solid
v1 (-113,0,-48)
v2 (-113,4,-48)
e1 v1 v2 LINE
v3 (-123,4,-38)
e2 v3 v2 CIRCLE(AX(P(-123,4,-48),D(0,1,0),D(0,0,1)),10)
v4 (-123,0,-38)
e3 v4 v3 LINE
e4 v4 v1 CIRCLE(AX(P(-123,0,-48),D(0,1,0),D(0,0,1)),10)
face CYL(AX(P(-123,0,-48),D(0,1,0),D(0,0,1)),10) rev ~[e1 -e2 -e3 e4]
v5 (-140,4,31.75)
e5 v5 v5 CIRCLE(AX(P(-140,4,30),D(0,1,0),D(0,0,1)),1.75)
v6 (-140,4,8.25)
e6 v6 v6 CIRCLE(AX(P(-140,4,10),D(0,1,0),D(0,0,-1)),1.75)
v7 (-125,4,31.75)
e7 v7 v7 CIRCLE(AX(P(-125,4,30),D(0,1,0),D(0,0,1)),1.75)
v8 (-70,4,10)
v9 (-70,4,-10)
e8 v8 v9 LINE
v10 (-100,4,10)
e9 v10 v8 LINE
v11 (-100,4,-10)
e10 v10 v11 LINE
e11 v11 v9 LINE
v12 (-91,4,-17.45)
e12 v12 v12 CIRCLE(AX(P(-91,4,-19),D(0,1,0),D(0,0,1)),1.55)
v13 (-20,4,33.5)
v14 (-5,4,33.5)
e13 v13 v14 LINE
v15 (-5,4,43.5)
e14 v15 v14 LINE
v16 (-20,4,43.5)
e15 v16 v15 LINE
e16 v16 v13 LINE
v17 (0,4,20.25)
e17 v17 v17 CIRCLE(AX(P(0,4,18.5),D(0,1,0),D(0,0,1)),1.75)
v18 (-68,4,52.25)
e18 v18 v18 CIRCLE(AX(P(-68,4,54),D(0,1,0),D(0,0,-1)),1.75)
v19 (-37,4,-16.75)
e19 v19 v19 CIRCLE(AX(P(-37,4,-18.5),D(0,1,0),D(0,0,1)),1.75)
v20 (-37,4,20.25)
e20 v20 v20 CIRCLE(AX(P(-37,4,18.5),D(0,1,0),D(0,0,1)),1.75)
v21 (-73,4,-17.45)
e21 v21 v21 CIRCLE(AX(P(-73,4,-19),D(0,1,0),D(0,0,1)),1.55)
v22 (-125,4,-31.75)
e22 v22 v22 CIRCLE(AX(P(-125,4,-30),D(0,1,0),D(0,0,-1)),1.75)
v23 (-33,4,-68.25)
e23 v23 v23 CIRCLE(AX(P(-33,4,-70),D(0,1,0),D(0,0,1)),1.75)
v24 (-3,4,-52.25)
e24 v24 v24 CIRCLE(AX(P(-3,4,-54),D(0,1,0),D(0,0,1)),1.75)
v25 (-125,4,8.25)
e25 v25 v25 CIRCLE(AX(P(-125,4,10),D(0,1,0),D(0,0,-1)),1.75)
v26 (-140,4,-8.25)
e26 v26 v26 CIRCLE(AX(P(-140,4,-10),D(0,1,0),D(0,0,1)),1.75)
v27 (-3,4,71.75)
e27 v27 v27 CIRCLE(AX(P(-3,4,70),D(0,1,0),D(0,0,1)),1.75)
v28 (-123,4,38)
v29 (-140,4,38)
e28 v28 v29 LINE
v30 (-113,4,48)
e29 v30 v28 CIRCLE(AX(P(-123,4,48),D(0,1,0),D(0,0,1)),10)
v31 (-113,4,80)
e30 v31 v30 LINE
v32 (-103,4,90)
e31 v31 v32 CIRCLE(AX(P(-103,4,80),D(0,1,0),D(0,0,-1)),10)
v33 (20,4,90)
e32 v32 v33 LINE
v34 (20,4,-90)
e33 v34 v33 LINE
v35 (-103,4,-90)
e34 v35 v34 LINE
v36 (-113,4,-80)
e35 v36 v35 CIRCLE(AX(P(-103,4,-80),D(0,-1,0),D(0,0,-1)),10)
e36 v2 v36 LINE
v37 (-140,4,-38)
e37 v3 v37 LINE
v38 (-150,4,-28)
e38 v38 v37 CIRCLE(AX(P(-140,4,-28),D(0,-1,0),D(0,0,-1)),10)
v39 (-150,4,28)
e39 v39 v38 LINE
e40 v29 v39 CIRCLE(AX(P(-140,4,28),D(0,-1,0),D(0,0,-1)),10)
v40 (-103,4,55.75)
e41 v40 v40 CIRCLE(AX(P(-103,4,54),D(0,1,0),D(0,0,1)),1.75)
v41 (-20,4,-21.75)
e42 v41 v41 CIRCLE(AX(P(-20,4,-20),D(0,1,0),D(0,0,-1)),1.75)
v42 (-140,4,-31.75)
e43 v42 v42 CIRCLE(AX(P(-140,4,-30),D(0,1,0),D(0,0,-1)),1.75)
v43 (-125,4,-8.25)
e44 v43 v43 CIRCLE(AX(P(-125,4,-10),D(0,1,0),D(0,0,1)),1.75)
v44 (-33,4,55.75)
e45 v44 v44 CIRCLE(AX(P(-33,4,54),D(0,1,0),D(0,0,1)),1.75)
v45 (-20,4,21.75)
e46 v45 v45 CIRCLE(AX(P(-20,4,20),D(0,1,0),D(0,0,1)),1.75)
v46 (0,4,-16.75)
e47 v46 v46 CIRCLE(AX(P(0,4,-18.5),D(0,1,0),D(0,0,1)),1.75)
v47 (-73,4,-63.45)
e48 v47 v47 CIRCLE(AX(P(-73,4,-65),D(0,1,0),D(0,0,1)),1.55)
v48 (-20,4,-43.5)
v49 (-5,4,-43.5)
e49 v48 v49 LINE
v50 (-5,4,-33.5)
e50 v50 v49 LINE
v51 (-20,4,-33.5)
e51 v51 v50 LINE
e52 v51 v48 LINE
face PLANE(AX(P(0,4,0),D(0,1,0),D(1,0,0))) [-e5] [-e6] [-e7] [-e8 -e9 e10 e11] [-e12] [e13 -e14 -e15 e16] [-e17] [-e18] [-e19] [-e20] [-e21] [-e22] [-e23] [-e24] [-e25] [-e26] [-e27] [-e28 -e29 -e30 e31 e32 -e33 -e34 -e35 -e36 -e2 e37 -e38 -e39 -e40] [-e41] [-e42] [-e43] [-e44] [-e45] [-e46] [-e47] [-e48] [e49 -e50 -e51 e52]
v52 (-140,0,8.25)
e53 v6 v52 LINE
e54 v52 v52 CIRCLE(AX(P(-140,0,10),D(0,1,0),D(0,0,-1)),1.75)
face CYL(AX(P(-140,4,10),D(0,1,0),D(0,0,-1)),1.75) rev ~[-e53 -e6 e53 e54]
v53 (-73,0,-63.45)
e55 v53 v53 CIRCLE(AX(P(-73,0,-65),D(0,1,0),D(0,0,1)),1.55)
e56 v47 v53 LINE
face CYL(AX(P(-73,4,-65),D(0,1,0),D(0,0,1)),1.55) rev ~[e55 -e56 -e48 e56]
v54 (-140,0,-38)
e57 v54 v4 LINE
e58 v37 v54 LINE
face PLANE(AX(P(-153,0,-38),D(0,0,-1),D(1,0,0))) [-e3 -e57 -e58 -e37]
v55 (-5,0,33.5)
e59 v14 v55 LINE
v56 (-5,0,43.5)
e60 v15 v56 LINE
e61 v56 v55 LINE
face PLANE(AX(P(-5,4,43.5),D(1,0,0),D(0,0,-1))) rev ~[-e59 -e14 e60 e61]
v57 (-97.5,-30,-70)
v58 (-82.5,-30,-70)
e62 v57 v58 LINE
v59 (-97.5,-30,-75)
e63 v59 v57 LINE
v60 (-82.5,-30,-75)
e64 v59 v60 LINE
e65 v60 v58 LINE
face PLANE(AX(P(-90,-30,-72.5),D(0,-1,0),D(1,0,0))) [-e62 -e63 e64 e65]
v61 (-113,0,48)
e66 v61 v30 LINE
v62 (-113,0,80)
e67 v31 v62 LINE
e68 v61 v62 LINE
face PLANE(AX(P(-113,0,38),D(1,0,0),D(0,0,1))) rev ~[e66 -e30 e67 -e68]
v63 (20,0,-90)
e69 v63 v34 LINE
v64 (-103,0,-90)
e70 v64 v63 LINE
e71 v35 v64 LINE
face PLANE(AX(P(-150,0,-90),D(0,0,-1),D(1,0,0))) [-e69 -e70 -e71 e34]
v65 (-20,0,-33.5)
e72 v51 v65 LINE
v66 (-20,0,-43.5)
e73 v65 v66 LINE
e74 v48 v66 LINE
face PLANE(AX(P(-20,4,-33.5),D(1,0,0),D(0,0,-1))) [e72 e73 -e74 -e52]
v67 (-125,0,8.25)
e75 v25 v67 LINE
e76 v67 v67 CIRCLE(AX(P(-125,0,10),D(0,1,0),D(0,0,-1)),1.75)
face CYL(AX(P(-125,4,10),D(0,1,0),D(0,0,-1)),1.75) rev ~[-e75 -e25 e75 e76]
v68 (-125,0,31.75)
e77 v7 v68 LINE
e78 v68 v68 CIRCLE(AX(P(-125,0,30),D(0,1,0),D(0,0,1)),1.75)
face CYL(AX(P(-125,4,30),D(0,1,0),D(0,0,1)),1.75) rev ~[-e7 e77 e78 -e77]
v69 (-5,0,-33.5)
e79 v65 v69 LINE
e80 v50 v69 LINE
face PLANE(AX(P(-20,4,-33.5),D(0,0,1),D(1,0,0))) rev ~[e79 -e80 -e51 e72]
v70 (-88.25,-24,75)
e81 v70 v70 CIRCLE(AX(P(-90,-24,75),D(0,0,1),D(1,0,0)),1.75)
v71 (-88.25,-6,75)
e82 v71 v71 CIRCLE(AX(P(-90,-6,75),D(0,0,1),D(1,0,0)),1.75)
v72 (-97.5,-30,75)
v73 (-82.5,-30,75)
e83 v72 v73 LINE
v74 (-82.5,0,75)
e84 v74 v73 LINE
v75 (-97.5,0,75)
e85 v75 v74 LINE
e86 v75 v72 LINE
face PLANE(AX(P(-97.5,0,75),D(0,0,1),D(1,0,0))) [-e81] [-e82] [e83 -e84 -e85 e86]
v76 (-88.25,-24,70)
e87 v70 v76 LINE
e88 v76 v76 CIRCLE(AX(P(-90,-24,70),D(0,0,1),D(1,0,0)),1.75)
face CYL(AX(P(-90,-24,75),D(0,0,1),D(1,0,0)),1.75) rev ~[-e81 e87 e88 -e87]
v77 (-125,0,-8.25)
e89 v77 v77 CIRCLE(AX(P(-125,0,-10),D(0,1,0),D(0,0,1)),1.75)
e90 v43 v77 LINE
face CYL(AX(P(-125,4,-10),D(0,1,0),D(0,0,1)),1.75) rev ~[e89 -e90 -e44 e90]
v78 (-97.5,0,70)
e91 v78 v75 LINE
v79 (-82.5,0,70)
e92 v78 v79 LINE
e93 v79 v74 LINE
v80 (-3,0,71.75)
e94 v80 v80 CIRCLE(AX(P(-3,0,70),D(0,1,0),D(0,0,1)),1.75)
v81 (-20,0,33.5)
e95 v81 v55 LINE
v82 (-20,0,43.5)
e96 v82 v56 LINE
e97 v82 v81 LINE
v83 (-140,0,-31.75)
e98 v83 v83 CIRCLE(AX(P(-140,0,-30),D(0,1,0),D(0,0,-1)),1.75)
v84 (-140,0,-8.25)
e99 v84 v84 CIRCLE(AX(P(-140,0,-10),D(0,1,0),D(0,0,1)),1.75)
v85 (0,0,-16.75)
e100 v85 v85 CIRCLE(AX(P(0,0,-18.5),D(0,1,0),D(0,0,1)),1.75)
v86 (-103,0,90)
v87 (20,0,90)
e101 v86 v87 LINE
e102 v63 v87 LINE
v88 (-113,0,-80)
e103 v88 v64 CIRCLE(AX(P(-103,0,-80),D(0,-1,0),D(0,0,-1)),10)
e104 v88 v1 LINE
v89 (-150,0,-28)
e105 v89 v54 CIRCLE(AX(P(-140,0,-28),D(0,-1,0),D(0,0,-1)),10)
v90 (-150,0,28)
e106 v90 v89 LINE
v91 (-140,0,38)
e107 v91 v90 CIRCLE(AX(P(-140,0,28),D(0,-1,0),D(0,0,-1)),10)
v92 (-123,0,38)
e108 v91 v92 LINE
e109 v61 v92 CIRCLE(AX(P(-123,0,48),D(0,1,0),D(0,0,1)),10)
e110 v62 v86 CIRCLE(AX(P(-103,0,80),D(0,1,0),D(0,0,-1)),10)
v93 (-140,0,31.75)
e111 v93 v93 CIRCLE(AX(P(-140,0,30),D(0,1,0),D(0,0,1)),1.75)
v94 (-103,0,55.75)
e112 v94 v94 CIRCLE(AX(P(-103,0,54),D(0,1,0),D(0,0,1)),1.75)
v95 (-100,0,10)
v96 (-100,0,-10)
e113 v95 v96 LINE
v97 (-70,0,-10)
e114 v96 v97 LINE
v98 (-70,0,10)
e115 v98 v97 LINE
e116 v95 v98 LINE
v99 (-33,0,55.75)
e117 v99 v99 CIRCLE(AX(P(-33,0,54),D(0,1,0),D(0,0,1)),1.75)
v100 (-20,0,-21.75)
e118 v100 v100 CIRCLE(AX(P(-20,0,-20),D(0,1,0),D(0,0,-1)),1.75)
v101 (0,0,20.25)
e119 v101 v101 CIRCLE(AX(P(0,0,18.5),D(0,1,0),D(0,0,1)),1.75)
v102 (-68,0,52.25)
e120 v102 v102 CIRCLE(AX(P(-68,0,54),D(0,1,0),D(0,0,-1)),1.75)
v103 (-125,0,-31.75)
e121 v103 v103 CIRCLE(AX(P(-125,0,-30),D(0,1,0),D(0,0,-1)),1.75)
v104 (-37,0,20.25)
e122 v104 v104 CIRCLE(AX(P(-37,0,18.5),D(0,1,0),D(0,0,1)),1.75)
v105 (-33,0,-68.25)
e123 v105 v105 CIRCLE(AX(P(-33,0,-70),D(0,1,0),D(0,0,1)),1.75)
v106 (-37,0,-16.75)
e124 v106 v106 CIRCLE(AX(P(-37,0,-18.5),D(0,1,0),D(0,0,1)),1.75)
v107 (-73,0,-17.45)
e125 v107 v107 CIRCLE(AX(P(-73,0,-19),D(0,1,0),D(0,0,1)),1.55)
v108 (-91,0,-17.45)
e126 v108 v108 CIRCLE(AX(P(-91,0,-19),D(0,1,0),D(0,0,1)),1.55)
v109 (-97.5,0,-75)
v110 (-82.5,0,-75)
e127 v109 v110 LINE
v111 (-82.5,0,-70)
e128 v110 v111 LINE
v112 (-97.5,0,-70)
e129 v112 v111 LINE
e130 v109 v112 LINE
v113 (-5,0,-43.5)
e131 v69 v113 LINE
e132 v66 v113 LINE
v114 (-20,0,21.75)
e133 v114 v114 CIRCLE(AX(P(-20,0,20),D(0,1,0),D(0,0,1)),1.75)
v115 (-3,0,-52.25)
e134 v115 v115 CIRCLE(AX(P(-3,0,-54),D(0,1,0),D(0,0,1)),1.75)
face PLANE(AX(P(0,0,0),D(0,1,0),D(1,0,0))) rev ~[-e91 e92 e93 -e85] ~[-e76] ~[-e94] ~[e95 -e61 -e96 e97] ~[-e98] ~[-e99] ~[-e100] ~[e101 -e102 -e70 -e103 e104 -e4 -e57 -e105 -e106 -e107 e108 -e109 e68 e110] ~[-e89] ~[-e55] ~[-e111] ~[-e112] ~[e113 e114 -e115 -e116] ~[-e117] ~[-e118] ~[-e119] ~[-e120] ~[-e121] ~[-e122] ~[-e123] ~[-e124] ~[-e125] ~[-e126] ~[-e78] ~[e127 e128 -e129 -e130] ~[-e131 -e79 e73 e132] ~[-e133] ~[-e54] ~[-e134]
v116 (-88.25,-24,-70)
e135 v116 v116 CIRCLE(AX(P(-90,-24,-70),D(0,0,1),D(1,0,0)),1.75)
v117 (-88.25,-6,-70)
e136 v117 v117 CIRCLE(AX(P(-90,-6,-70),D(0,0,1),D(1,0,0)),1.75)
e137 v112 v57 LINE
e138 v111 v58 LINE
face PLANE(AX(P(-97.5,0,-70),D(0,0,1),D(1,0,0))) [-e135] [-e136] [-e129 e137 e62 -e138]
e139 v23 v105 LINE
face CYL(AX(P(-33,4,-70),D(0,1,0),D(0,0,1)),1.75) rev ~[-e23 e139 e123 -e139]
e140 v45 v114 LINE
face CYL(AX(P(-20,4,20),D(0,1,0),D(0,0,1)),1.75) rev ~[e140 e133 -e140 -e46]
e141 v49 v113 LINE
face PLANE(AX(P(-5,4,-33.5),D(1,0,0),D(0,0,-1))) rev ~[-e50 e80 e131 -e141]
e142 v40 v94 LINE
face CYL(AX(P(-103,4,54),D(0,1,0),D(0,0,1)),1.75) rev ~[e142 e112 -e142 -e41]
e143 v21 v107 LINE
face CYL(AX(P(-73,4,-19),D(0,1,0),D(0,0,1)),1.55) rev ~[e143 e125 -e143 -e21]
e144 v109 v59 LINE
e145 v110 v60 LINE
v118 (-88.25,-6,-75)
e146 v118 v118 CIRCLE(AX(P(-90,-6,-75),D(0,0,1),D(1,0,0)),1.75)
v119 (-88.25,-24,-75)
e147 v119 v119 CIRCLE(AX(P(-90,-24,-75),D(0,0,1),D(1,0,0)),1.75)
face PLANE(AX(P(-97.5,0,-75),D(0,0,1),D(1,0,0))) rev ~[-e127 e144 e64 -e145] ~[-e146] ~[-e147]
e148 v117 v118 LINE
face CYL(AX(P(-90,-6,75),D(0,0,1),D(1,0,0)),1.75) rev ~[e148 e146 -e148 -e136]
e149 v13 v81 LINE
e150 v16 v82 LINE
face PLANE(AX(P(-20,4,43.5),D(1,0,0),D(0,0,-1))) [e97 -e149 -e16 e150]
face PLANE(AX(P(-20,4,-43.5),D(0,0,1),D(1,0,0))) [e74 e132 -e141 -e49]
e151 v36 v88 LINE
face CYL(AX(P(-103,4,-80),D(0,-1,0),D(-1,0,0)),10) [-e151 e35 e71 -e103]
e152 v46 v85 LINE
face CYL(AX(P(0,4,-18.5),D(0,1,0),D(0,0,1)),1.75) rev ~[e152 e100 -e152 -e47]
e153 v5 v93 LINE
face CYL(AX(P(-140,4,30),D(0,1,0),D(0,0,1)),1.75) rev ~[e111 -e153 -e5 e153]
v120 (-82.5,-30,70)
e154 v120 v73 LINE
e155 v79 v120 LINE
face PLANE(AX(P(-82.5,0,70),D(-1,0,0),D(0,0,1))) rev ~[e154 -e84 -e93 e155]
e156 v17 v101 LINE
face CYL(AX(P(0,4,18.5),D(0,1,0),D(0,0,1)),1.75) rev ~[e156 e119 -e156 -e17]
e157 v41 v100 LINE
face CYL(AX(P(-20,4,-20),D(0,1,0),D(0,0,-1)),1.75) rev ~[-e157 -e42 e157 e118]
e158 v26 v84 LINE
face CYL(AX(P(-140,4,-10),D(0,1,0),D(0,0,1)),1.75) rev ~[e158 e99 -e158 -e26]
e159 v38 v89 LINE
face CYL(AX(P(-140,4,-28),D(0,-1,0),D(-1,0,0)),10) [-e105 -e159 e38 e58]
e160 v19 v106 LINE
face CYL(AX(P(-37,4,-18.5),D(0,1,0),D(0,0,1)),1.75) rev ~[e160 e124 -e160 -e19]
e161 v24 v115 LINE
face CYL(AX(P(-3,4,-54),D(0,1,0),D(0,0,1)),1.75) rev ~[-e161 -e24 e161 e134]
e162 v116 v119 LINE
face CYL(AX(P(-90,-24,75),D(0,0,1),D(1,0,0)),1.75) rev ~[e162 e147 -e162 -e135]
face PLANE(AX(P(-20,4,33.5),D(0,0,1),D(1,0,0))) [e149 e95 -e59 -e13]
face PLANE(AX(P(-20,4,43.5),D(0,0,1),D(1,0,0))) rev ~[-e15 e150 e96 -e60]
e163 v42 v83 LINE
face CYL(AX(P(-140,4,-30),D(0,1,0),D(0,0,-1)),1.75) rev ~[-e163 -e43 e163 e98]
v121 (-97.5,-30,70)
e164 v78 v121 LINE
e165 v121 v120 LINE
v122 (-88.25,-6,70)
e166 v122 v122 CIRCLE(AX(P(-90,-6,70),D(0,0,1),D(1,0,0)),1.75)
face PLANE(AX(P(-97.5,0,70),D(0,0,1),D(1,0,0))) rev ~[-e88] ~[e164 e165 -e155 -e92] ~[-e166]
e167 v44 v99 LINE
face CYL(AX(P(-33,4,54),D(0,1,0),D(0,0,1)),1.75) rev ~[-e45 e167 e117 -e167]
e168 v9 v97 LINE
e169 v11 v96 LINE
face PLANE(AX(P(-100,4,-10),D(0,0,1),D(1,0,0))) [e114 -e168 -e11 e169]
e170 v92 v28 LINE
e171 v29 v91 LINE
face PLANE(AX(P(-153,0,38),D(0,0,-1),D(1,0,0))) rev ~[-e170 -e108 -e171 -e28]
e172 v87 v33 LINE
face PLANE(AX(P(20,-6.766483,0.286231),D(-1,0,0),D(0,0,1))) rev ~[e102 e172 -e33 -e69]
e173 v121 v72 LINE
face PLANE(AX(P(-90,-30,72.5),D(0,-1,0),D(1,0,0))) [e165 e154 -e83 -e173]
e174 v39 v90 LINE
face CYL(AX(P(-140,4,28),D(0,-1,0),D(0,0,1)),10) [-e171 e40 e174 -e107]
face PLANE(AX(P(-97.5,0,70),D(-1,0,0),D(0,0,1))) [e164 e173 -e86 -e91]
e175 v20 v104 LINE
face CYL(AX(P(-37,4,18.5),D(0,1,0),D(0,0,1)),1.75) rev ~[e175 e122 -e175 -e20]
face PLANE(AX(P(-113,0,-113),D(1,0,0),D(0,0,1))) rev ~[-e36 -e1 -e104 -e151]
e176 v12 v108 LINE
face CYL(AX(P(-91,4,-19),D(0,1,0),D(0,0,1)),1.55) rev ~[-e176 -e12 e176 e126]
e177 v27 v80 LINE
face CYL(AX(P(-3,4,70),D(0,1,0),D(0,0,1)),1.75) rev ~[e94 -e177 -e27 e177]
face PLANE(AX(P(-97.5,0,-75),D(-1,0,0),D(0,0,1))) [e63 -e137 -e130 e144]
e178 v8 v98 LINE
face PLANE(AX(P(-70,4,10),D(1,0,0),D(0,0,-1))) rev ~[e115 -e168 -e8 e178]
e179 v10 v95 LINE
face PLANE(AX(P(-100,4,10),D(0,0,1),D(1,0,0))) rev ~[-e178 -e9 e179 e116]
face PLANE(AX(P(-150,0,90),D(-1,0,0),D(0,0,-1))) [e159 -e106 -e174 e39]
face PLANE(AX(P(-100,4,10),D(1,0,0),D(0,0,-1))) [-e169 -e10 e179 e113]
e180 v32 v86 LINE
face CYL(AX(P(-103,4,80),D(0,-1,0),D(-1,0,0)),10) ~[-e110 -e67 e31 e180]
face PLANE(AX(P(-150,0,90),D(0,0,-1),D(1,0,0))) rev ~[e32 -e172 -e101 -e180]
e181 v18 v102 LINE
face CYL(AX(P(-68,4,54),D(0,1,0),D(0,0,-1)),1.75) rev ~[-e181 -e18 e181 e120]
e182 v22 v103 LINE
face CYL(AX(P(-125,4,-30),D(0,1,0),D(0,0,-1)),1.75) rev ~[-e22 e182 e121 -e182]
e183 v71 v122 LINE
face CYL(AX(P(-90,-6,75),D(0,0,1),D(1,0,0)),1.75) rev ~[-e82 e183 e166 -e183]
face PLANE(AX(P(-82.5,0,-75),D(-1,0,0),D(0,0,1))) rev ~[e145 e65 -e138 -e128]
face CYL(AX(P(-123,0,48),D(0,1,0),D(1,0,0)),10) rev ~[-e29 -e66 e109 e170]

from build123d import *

# Parameters (mm, degrees)
SKETCH1_W               = 300
SKETCH1_H               = 180
MAIN_BODY_DEPTH         = 4
FILLET1_R               = 10
CHAMFER1_SIZE           = 10
SKETCH2_R               = 1.75
BATTERIES_HOLES_DEPTH   = 15
SKETCH5_R               = 1.75
SKETCH5_W               = 15
SKETCH5_H               = 10
L298N_HOLES_DEPTH       = 15
SKETCH6_R               = 1.75
LM2596_HOLES_DEPTH      = 15
SKETCH7_R               = 1.55
ESP32_HOLES_DEPTH       = 15
SKETCH8_R               = 1.75
PCB_SENSORS_HOLES_DEPTH = 15
SKETCH9_W               = 15
SKETCH9_H               = 5
WHEELS_LEGS_DEPTH       = 30
SKETCH10_R              = 1.75
MOTOR_HOLES_DEPTH       = 300
SKETCH11_R              = 1.75
SKETCH11_W              = 30
SKETCH11_H              = 20
SENSORS_HOLES_DEPTH     = 15
SKETCH13_W              = 40
SKETCH13_H              = 75
CUT_EXTRUDE2_DEPTH      = 10
FILLET2_R               = 10
SKETCH12_R              = 1.75
CUT_EXTRUDE3_DEPTH      = 10
SKETCH14_W              = 219.25277831
SKETCH14_H              = 99.771872263
CUT_EXTRUDE4_DEPTH      = 200


with BuildPart() as part:
    # Sketch1 → Main Body (new body)
    with BuildSketch(Plane(origin=(0, 0, 0), x_dir=(1, 0, 0), z_dir=(0, 1, 0))):
        Rectangle(SKETCH1_W, SKETCH1_H)
    extrude(amount=MAIN_BODY_DEPTH)

    # Fillet1
    fillet1_edges = [part.edges().sort_by_distance(p)[0] for p in [
        (-150, 2, 90),
        (-150, 2, -90),
    ]]
    fillet(fillet1_edges, radius=FILLET1_R)

    # Chamfer1
    chamfer1_edges = [part.edges().sort_by_distance(p)[0] for p in [
        (150, 2, 90),
        (150, 2, -90),
    ]]
    chamfer(chamfer1_edges, length=CHAMFER1_SIZE)

    # Sketch2 → Batteries holes (cut)
    with BuildSketch(Plane(origin=(0, 4, 0), x_dir=(1, 0, 0), z_dir=(0, 1, 0))):
        with Locations((115, 75)):
            Circle(SKETCH2_R)
        with Locations((115, 14)):
            Circle(SKETCH2_R)
        with Locations((115, -14)):
            Circle(SKETCH2_R)
        with Locations((115, -75)):
            Circle(SKETCH2_R)
        with Locations((45, -75)):
            Circle(SKETCH2_R)
        with Locations((45, -14)):
            Circle(SKETCH2_R)
        with Locations((45, 14)):
            Circle(SKETCH2_R)
        with Locations((45, 75)):
            Circle(SKETCH2_R)
    extrude(amount=-BATTERIES_HOLES_DEPTH, mode=Mode.SUBTRACT)

    # Sketch5 → L298N holes (cut)
    with BuildSketch(Plane(origin=(0, 4, 0), x_dir=(1, 0, 0), z_dir=(0, 1, 0))):
        with Locations((-37, 18.5)):
            Circle(SKETCH5_R)
        with Locations((0, 18.5)):
            Circle(SKETCH5_R)
        with Locations((-37, -18.5)):
            Circle(SKETCH5_R)
        with Locations((0, -18.5)):
            Circle(SKETCH5_R)
        with Locations((-12.5, -38.5)):
            Rectangle(SKETCH5_W, SKETCH5_H)
        with Locations((-12.5, 38.5)):
            Rectangle(SKETCH5_W, SKETCH5_H)
    extrude(amount=-L298N_HOLES_DEPTH, mode=Mode.SUBTRACT)

    # Sketch6 → LM2596 holes (cut)
    with BuildSketch(Plane(origin=(0, 4, 0), x_dir=(1, 0, 0), z_dir=(0, 1, 0))):
        with Locations((-33, 70)):
            Circle(SKETCH6_R)
        with Locations((-3, 54)):
            Circle(SKETCH6_R)
        with Locations((-33, -54)):
            Circle(SKETCH6_R)
        with Locations((-3, -70)):
            Circle(SKETCH6_R)
    extrude(amount=-LM2596_HOLES_DEPTH, mode=Mode.SUBTRACT)

    # Sketch7 → ESP32 holes (cut)
    with BuildSketch(Plane(origin=(0, 4, 0), x_dir=(1, 0, 0), z_dir=(0, 1, 0))):
        with Locations((-73, 65)):
            Circle(SKETCH7_R)
        with Locations((-73, 19)):
            Circle(SKETCH7_R)
        with Locations((-91, 19)):
            Circle(SKETCH7_R)
    extrude(amount=-ESP32_HOLES_DEPTH, mode=Mode.SUBTRACT)

    # Sketch8 → PCB sensors holes (cut)
    with BuildSketch(Plane(origin=(0, 4, 0), x_dir=(1, 0, 0), z_dir=(0, 1, 0))):
        with Locations((-103, -54)):
            Circle(SKETCH8_R)
        with Locations((-68, -54)):
            Circle(SKETCH8_R)
    extrude(amount=-PCB_SENSORS_HOLES_DEPTH, mode=Mode.SUBTRACT)

    # Sketch9 → Wheels legs (add)
    with BuildSketch(Plane.XZ):
        with Locations((-90, 72.5)):
            Rectangle(SKETCH9_W, SKETCH9_H)
        with Locations((90, 72.5)):
            Rectangle(SKETCH9_W, SKETCH9_H)
        with Locations((90, -72.5)):
            Rectangle(SKETCH9_W, SKETCH9_H)
        with Locations((-90, -72.5)):
            Rectangle(SKETCH9_W, SKETCH9_H)
    extrude(amount=WHEELS_LEGS_DEPTH)

    # Sketch10 → Motor holes (cut)
    with BuildSketch(Plane.XY.offset(75)):
        with Locations((-90, -24)):
            Circle(SKETCH10_R)
        with Locations((-90, -6)):
            Circle(SKETCH10_R)
        with Locations((90, -6)):
            Circle(SKETCH10_R)
        with Locations((90, -24)):
            Circle(SKETCH10_R)
    extrude(amount=-MOTOR_HOLES_DEPTH, mode=Mode.SUBTRACT)

    # Sketch11 → Sensors holes (cut)
    with BuildSketch(Plane(origin=(0, 4, 0), x_dir=(1, 0, 0), z_dir=(0, 1, 0))):
        with Locations((-140, 10)):
            Circle(SKETCH11_R)
        with Locations((-125, 10)):
            Circle(SKETCH11_R)
        with Locations((-125, 30)):
            Circle(SKETCH11_R)
        with Locations((-140, 30)):
            Circle(SKETCH11_R)
        with Locations((-125, -30)):
            Circle(SKETCH11_R)
        with Locations((-140, -30)):
            Circle(SKETCH11_R)
        with Locations((-125, -10)):
            Circle(SKETCH11_R)
        with Locations((-140, -10)):
            Circle(SKETCH11_R)
        with Locations((-85, 0)):
            Rectangle(SKETCH11_W, SKETCH11_H)
    extrude(amount=-SENSORS_HOLES_DEPTH, mode=Mode.SUBTRACT)

    # Sketch13 → Cut-Extrude2 (cut)
    with BuildSketch(Plane.XZ):
        with Locations((-133, 75.5)):
            Rectangle(SKETCH13_W, SKETCH13_H)
        with Locations((-133, -75.5)):
            Rectangle(SKETCH13_W, SKETCH13_H)
    extrude(amount=-CUT_EXTRUDE2_DEPTH, mode=Mode.SUBTRACT)

    # Fillet2
    fillet2_edges = [part.edges().sort_by_distance(p)[0] for p in [
        (-113, 2, -90),
        (-113, 2, -38),
        (-150, 2, -38),
        (-150, 2, 38),
        (-113, 2, 90),
        (-113, 2, 38),
    ]]
    fillet(fillet2_edges, radius=FILLET2_R)

    # Sketch12 → Cut-Extrude3 (cut)
    with BuildSketch(Plane(origin=(0, 4, 0), x_dir=(1, 0, 0), z_dir=(0, 1, 0))):
        with Locations((80, 20)):
            Circle(SKETCH12_R)
        with Locations((80, -20)):
            Circle(SKETCH12_R)
        with Locations((-20, -20)):
            Circle(SKETCH12_R)
        with Locations((-20, 20)):
            Circle(SKETCH12_R)
    extrude(amount=-CUT_EXTRUDE3_DEPTH, mode=Mode.SUBTRACT)

    # Sketch14 → Cut-Extrude4 (cut)
    with BuildSketch(Plane.ZY.offset(-20)):
        with Locations((0.286230781, -6.766483263)):
            Rectangle(SKETCH14_W, SKETCH14_H)
    extrude(amount=-CUT_EXTRUDE4_DEPTH, mode=Mode.SUBTRACT)


solid = part.part
